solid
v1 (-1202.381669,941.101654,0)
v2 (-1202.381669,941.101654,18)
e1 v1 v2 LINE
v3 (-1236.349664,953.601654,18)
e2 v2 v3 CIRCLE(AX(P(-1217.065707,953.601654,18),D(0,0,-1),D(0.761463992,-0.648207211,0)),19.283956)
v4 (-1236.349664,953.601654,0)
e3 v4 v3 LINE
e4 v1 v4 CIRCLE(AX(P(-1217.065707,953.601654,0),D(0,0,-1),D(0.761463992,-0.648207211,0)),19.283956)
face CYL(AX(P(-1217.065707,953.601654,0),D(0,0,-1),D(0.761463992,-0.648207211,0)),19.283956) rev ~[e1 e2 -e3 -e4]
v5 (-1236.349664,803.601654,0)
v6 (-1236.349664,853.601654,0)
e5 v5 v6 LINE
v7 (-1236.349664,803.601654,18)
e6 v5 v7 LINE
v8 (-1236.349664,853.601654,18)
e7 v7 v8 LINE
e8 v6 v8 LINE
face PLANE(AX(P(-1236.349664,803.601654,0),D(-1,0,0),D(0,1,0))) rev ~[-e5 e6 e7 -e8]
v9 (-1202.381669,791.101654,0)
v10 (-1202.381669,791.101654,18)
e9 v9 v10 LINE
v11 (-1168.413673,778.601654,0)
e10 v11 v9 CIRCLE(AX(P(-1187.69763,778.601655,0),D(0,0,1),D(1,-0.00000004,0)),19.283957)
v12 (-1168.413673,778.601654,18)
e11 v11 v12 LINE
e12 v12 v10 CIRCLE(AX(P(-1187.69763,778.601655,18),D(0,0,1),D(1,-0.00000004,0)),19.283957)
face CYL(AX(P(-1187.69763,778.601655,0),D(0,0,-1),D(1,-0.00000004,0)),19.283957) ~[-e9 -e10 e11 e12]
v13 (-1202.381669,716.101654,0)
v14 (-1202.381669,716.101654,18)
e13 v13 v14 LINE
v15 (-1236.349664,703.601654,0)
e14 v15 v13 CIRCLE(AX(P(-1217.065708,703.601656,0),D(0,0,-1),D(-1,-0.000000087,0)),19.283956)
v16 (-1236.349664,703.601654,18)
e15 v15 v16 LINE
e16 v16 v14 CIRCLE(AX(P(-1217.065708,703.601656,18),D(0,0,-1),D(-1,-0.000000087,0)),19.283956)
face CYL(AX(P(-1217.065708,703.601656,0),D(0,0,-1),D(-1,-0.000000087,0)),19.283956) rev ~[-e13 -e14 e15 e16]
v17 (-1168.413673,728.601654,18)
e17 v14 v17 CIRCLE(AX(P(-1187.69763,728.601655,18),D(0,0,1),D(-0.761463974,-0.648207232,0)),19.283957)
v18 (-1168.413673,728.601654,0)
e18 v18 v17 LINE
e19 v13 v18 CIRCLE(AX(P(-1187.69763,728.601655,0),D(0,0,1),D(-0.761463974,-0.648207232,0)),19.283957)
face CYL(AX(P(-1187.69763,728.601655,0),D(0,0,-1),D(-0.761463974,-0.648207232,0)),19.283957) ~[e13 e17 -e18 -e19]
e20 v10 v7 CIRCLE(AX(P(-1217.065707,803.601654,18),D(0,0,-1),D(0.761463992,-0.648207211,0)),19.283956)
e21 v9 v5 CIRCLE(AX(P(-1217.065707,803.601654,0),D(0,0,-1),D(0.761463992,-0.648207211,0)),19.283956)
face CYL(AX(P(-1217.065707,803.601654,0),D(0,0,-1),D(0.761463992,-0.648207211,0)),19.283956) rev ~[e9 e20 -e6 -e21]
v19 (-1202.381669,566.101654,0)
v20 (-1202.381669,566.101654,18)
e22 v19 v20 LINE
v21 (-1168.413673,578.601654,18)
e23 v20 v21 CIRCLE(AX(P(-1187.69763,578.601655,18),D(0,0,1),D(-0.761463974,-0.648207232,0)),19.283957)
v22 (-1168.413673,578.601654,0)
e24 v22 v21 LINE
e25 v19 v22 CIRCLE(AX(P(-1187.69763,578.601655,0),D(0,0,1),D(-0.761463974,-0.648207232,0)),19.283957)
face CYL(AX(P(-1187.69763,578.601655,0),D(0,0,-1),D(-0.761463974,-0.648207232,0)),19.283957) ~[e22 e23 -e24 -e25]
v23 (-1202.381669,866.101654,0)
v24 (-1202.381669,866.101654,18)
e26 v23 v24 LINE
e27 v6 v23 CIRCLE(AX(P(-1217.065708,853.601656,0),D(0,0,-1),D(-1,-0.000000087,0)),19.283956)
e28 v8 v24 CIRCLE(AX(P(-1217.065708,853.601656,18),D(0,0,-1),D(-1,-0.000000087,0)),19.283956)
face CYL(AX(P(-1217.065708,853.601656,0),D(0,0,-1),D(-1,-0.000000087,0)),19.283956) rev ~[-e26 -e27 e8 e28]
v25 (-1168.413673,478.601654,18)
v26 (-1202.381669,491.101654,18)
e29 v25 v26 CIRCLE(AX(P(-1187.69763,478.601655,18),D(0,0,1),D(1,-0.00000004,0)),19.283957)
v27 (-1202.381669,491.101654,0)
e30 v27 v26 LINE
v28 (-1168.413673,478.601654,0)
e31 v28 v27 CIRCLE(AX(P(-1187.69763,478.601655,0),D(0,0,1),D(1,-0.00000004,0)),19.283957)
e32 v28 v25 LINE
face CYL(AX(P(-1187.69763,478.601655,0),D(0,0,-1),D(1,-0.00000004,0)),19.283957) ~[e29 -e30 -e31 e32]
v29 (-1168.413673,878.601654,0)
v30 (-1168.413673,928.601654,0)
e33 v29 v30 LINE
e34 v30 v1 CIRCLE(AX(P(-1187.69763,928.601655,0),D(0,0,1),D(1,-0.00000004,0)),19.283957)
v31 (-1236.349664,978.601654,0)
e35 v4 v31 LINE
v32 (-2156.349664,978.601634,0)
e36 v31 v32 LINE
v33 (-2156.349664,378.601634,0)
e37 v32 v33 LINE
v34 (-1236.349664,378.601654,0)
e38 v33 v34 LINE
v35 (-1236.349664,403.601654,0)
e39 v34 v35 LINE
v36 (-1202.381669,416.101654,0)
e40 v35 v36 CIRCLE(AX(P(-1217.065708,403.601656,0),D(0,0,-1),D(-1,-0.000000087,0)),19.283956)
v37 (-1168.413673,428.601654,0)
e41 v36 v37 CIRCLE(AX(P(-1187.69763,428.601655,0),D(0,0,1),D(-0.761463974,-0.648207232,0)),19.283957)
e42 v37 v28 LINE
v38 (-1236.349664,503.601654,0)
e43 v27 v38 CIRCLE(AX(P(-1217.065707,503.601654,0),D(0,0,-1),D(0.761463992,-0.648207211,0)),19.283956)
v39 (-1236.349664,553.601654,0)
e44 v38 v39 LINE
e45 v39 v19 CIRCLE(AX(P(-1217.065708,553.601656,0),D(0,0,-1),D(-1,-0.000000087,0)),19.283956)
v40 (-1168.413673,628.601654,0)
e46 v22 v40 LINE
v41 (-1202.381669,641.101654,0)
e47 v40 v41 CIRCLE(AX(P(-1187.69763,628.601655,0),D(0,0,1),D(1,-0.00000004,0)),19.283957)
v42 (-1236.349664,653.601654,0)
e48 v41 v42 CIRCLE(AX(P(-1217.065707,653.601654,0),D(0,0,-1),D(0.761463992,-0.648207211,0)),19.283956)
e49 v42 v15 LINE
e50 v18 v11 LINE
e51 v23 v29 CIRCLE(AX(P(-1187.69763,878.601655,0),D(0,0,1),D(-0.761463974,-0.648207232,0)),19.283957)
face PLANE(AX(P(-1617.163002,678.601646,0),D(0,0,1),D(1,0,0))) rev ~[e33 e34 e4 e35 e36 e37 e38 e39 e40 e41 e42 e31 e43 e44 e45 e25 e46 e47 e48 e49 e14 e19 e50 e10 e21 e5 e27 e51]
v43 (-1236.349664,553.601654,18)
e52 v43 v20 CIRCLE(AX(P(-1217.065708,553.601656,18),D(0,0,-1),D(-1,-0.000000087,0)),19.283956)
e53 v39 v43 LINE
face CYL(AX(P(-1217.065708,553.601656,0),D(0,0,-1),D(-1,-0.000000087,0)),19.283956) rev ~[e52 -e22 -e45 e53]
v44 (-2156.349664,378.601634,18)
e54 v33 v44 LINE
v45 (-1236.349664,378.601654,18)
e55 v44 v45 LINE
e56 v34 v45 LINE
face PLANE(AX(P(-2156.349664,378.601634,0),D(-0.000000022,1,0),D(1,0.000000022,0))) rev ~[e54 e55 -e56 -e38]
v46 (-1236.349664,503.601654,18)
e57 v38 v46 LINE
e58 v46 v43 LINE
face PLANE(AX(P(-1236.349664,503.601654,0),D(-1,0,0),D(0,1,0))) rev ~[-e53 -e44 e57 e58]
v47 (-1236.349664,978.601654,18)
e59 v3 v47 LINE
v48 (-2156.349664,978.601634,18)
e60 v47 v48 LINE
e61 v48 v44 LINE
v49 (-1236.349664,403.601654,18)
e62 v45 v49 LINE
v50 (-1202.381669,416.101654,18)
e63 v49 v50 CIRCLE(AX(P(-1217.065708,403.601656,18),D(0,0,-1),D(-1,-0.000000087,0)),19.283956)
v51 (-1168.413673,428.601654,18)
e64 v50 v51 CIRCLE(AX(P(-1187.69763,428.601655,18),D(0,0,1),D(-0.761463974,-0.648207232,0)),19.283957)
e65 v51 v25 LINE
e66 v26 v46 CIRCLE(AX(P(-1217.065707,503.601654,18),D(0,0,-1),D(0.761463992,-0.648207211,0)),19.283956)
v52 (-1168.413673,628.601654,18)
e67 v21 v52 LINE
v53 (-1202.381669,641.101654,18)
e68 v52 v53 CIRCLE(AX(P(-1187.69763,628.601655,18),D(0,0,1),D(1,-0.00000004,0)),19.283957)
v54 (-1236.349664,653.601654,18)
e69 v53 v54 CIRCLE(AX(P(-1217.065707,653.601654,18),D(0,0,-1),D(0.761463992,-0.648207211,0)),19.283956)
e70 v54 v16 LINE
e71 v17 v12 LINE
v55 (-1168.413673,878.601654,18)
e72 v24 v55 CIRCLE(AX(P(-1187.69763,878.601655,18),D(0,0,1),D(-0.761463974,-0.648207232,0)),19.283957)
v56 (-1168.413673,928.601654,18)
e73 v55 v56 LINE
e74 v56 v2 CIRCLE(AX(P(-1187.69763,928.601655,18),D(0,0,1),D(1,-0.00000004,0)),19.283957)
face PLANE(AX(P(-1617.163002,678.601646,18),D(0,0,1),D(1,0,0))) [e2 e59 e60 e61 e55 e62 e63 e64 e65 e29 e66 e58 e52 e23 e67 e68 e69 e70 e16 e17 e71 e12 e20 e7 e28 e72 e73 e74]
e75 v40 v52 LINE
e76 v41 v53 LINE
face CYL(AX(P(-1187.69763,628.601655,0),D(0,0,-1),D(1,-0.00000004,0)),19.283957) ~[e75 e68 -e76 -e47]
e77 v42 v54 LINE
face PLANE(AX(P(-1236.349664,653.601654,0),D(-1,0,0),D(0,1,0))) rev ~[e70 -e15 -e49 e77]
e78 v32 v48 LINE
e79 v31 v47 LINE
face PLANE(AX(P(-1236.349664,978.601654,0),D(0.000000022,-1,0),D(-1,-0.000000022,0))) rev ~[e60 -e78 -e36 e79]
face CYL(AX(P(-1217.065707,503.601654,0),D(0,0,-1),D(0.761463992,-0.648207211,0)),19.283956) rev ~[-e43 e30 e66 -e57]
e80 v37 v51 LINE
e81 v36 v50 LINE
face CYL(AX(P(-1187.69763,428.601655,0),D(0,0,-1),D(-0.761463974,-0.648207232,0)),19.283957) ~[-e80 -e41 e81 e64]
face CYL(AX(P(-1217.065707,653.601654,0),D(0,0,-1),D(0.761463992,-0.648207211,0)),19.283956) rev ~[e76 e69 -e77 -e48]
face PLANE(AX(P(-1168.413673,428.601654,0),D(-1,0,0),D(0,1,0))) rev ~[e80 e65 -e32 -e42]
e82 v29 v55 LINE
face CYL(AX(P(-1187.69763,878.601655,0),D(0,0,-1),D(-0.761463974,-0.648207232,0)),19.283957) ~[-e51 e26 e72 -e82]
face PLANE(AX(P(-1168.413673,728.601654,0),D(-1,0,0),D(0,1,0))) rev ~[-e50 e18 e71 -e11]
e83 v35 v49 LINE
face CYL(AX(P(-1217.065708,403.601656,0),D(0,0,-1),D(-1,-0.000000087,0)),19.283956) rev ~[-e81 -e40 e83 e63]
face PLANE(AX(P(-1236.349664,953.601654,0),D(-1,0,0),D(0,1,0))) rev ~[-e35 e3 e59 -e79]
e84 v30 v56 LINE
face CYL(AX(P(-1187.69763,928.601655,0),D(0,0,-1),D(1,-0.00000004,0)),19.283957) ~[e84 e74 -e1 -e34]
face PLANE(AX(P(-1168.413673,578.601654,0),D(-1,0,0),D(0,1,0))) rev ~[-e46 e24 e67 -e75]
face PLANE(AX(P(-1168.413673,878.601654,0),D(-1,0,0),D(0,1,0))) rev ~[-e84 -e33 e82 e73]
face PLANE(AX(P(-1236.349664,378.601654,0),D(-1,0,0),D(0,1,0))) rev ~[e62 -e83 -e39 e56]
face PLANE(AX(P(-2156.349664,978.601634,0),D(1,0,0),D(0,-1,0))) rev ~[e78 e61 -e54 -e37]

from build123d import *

# Parameters (mm, degrees)
F1_DEPTH = 18


with BuildPart() as f1:
    # F0 (on Top) → F1 (new body)
    with BuildSketch(Plane.XY):
        with BuildLine():
            Line((-1236.349664, 978.601654), (-2156.349664, 978.601634))
            Line((-2156.349664, 978.601634), (-2156.349664, 378.601634))
            Line((-2156.349664, 378.601634), (-1236.349664, 378.601654))
            Line((-1236.349664, 378.601654), (-1236.349664, 403.601654))
            ThreePointArc((-1236.349664, 403.601654), (-1223.725461, 421.699132), (-1202.381669, 416.101654))
            ThreePointArc((-1202.381669, 416.101654), (-1181.037877, 410.504177), (-1168.413673, 428.601654))
            Line((-1168.413673, 428.601654), (-1168.413673, 453.601654))
            Line((-1168.413673, 453.601654), (-1168.413673, 478.601654))
            ThreePointArc((-1168.413673, 478.601654), (-1181.037877, 496.699132), (-1202.381669, 491.101654))
            ThreePointArc((-1202.381669, 491.101654), (-1223.725461, 485.504177), (-1236.349664, 503.601654))
            Line((-1236.349664, 503.601654), (-1236.349664, 553.601654))
            ThreePointArc((-1236.349664, 553.601654), (-1223.725461, 571.699132), (-1202.381669, 566.101654))
            ThreePointArc((-1202.381669, 566.101654), (-1181.037877, 560.504177), (-1168.413673, 578.601654))
            Line((-1168.413673, 578.601654), (-1168.413673, 603.601654))
            Line((-1168.413673, 603.601654), (-1168.413673, 628.601654))
            ThreePointArc((-1168.413673, 628.601654), (-1181.037877, 646.699132), (-1202.381669, 641.101654))
            ThreePointArc((-1202.381669, 641.101654), (-1223.725461, 635.504177), (-1236.349664, 653.601654))
            Line((-1236.349664, 653.601654), (-1236.349664, 703.601654))
            ThreePointArc((-1236.349664, 703.601654), (-1223.725461, 721.699132), (-1202.381669, 716.101654))
            ThreePointArc((-1202.381669, 716.101654), (-1181.037877, 710.504177), (-1168.413673, 728.601654))
            Line((-1168.413673, 728.601654), (-1168.413673, 753.601654))
            Line((-1168.413673, 753.601654), (-1168.413673, 778.601654))
            ThreePointArc((-1168.413673, 778.601654), (-1181.037877, 796.699132), (-1202.381669, 791.101654))
            ThreePointArc((-1202.381669, 791.101654), (-1223.725461, 785.504177), (-1236.349664, 803.601654))
            Line((-1236.349664, 803.601654), (-1236.349664, 853.601654))
            ThreePointArc((-1236.349664, 853.601654), (-1223.725461, 871.699132), (-1202.381669, 866.101654))
            ThreePointArc((-1202.381669, 866.101654), (-1181.037877, 860.504177), (-1168.413673, 878.601654))
            Line((-1168.413673, 878.601654), (-1168.413673, 903.601654))
            Line((-1168.413673, 903.601654), (-1168.413673, 928.601654))
            ThreePointArc((-1168.413673, 928.601654), (-1181.037877, 946.699132), (-1202.381669, 941.101654))
            ThreePointArc((-1202.381669, 941.101654), (-1223.725461, 935.504177), (-1236.349664, 953.601654))
            Line((-1236.349664, 953.601654), (-1236.349664, 978.601654))
        make_face()
    extrude(amount=F1_DEPTH)


solid = f1.part
